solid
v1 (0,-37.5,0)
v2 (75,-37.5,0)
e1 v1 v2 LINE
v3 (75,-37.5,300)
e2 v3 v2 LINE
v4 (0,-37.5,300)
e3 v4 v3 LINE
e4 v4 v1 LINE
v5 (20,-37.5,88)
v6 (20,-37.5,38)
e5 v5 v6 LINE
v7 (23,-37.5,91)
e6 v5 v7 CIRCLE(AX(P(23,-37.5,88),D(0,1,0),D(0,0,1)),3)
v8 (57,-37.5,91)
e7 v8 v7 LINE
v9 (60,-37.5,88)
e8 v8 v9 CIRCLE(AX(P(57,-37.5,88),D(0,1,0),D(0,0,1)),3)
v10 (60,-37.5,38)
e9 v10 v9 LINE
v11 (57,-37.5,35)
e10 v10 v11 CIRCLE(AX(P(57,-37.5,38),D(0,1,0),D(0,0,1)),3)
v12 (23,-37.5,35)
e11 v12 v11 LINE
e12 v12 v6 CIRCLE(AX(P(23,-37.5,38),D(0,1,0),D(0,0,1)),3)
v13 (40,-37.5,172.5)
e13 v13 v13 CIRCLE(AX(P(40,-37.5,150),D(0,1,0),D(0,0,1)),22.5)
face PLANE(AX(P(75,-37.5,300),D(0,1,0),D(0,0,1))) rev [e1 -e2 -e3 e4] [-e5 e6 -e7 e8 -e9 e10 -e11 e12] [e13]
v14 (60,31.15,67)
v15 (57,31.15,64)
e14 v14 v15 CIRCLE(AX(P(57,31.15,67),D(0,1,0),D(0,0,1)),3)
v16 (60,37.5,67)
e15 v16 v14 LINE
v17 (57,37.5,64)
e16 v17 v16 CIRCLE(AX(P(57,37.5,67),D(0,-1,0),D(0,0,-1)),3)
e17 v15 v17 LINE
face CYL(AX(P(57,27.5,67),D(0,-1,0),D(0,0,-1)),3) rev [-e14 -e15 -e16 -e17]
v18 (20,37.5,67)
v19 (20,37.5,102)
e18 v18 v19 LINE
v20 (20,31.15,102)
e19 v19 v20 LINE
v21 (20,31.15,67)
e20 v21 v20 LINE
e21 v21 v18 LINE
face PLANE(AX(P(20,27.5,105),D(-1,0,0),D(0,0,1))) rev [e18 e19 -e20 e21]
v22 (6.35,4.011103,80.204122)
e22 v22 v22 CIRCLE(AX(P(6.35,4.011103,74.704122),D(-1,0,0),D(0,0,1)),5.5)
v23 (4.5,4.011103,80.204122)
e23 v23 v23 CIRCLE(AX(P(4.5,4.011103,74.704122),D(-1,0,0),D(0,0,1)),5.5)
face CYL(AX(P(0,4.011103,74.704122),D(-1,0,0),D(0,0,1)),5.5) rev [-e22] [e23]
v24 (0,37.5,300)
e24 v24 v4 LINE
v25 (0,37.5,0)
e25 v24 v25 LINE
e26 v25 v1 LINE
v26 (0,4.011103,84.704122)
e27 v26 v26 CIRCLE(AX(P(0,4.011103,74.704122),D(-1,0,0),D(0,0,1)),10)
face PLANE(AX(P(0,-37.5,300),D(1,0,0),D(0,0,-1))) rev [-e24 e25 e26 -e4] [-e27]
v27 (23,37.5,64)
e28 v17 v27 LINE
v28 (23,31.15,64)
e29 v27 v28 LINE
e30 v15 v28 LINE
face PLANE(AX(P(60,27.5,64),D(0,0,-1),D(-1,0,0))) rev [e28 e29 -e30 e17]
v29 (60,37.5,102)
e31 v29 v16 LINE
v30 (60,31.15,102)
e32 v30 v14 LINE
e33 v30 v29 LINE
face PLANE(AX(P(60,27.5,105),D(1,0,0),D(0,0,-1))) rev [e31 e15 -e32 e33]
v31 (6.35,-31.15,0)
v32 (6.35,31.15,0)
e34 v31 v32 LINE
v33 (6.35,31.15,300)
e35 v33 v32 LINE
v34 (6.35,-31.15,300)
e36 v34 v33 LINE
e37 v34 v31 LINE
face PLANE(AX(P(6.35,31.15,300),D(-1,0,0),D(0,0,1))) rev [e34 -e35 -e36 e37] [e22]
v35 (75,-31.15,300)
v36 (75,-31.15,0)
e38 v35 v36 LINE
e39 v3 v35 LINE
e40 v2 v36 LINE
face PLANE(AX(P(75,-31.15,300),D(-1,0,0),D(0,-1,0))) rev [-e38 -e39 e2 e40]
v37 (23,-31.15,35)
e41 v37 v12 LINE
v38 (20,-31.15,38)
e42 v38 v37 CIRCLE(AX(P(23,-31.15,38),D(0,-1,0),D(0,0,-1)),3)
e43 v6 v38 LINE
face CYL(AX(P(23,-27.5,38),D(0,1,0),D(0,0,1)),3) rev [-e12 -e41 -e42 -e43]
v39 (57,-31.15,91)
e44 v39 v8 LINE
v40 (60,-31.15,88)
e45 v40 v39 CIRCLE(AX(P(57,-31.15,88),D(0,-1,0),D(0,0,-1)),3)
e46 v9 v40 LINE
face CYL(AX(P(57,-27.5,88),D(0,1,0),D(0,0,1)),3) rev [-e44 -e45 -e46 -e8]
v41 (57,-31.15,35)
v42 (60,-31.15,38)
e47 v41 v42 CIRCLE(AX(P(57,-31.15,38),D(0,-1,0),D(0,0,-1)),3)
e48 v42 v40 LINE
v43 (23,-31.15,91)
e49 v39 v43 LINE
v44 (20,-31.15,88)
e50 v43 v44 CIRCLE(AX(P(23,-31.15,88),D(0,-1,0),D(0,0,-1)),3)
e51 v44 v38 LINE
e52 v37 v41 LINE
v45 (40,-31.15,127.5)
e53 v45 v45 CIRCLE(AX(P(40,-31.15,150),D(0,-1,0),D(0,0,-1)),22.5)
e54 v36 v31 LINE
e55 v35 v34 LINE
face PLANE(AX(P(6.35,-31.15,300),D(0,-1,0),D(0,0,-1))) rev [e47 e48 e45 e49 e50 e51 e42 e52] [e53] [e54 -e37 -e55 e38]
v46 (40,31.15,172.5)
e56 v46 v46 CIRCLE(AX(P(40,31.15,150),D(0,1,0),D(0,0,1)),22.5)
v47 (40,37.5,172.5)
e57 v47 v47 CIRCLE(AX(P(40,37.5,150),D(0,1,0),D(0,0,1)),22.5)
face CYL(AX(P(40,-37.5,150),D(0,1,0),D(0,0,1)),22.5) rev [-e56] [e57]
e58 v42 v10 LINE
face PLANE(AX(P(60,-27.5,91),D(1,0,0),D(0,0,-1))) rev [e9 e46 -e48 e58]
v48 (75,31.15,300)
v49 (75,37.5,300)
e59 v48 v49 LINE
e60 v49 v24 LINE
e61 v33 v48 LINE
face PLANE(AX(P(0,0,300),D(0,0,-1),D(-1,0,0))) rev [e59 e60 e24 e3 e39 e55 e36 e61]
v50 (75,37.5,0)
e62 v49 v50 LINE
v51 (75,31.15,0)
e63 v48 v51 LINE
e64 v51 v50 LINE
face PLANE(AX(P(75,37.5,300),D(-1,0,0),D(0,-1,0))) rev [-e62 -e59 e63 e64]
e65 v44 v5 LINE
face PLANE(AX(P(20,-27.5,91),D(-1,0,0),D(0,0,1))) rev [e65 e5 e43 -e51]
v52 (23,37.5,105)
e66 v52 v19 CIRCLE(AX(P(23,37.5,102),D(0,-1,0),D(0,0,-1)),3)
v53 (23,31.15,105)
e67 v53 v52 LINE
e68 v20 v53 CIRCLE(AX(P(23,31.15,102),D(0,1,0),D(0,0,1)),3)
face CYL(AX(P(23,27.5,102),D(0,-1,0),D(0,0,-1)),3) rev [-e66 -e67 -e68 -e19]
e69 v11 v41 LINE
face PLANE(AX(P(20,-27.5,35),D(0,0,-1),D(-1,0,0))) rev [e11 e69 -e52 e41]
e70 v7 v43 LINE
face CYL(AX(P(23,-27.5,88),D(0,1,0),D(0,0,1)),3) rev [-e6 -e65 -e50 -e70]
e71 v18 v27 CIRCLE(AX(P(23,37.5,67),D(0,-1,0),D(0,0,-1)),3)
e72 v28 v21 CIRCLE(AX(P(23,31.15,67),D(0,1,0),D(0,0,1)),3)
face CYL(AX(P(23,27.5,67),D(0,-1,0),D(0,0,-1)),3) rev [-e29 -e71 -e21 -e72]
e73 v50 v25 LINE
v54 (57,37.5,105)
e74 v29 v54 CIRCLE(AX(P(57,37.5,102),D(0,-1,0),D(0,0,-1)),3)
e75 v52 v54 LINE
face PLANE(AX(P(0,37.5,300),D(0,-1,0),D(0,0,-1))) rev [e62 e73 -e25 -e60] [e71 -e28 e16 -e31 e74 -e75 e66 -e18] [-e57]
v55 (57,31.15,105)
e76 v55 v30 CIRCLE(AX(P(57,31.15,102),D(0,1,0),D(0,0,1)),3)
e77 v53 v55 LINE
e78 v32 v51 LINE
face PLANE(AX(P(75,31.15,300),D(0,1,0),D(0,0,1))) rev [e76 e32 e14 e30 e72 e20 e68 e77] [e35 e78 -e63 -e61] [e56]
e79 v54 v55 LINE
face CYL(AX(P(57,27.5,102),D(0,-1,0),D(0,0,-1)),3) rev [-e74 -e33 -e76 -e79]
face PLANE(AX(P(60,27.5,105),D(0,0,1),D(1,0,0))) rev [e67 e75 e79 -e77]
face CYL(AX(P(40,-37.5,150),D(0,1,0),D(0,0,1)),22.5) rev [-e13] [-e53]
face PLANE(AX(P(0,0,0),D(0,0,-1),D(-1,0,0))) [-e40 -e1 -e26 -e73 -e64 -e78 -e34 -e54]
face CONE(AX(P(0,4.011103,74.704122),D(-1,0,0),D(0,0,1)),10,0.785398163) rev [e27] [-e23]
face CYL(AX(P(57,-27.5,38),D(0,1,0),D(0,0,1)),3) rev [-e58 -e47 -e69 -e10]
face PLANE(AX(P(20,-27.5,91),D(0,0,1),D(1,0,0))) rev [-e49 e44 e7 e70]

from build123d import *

# Parameters (mm, degrees)
BOSS_EXTRUDE1_DEPTH                                  = 300
SKETCH2_R                                            = 22.5
CUT_EXTRUDE1_DEPTH                                   = 319.198051534
SKETCH3_W                                            = 40
SKETCH3_H                                            = 56
CUT_EXTRUDE2_DEPTH                                   = 10
SKETCH4_W                                            = 40
SKETCH4_H                                            = 41
CUT_EXTRUDE3_DEPTH                                   = 10
FILLET1_R                                            = 3
CSK_FOR_M10_COUNTERSUNK_FLAT_HEAD_SCREW1_D           = 11
CSK_FOR_M10_COUNTERSUNK_FLAT_HEAD_SCREW1_DEPTH       = 20.003
CSK_FOR_M10_COUNTERSUNK_FLAT_HEAD_SCREW1_CSINK_D     = 20
CSK_FOR_M10_COUNTERSUNK_FLAT_HEAD_SCREW1_CSINK_ANGLE = 90
CSK_FOR_M10_COUNTERSUNK_FLAT_HEAD_SCREW1_TIP         = 3.304733405


with BuildPart() as part:
    # Sketch1 → Boss-Extrude1 (new body)
    with BuildSketch(Plane.XY):
        Polygon((0, -37.5), (0, 37.5), (75, 37.5), (75, 31.15), (6.35, 31.15), (6.35, -31.15), (75, -31.15), (75, -37.5), align=None)
    extrude(amount=BOSS_EXTRUDE1_DEPTH)

    # Sketch2 → Cut-Extrude1 (cut, through all)
    with BuildSketch(Plane(origin=(0, 37.5, 0), x_dir=(1, 0, 0), z_dir=(0, 1, 0))):
        with Locations(Location((40, -150, 0), (0, 0, 270))):
            Circle(SKETCH2_R)
    extrude(amount=-CUT_EXTRUDE1_DEPTH, mode=Mode.SUBTRACT)

    # Sketch3 → Cut-Extrude2 (cut)
    with BuildSketch(Plane.XZ.offset(37.5)):
        with Locations((40, 63)):
            Rectangle(SKETCH3_W, SKETCH3_H)
    extrude(amount=-CUT_EXTRUDE2_DEPTH, mode=Mode.SUBTRACT)

    # Sketch4 → Cut-Extrude3 (cut)
    with BuildSketch(Plane(origin=(0, 37.5, 0), x_dir=(1, 0, 0), z_dir=(0, 1, 0))):
        with Locations((40, -84.5)):
            Rectangle(SKETCH4_W, SKETCH4_H)
    extrude(amount=-CUT_EXTRUDE3_DEPTH, mode=Mode.SUBTRACT)

    # Fillet1
    fillet1_edges = [part.edges().sort_by_distance(p)[0] for p in [
        (20, -34.325, 91),
        (60, -34.325, 91),
        (60, -34.325, 35),
        (20, -34.325, 35),
        (60, 34.325, 105),
        (20, 34.325, 105),
        (20, 34.325, 64),
        (60, 34.325, 64),
    ]]
    fillet(fillet1_edges, radius=FILLET1_R)

    # CSK for M10 Countersunk Flat Head Screw1
    with Locations(Plane.ZY):
        with Locations((74.704121605, 4.01110333)):
            CounterSinkHole(CSK_FOR_M10_COUNTERSUNK_FLAT_HEAD_SCREW1_D / 2, CSK_FOR_M10_COUNTERSUNK_FLAT_HEAD_SCREW1_CSINK_D / 2, depth=CSK_FOR_M10_COUNTERSUNK_FLAT_HEAD_SCREW1_DEPTH, counter_sink_angle=CSK_FOR_M10_COUNTERSUNK_FLAT_HEAD_SCREW1_CSINK_ANGLE)
            with Locations((0, 0, -(CSK_FOR_M10_COUNTERSUNK_FLAT_HEAD_SCREW1_DEPTH + CSK_FOR_M10_COUNTERSUNK_FLAT_HEAD_SCREW1_TIP / 2))):  # 118° drill point
                Cone(0, CSK_FOR_M10_COUNTERSUNK_FLAT_HEAD_SCREW1_D / 2, CSK_FOR_M10_COUNTERSUNK_FLAT_HEAD_SCREW1_TIP, mode=Mode.SUBTRACT)


solid = part.part
